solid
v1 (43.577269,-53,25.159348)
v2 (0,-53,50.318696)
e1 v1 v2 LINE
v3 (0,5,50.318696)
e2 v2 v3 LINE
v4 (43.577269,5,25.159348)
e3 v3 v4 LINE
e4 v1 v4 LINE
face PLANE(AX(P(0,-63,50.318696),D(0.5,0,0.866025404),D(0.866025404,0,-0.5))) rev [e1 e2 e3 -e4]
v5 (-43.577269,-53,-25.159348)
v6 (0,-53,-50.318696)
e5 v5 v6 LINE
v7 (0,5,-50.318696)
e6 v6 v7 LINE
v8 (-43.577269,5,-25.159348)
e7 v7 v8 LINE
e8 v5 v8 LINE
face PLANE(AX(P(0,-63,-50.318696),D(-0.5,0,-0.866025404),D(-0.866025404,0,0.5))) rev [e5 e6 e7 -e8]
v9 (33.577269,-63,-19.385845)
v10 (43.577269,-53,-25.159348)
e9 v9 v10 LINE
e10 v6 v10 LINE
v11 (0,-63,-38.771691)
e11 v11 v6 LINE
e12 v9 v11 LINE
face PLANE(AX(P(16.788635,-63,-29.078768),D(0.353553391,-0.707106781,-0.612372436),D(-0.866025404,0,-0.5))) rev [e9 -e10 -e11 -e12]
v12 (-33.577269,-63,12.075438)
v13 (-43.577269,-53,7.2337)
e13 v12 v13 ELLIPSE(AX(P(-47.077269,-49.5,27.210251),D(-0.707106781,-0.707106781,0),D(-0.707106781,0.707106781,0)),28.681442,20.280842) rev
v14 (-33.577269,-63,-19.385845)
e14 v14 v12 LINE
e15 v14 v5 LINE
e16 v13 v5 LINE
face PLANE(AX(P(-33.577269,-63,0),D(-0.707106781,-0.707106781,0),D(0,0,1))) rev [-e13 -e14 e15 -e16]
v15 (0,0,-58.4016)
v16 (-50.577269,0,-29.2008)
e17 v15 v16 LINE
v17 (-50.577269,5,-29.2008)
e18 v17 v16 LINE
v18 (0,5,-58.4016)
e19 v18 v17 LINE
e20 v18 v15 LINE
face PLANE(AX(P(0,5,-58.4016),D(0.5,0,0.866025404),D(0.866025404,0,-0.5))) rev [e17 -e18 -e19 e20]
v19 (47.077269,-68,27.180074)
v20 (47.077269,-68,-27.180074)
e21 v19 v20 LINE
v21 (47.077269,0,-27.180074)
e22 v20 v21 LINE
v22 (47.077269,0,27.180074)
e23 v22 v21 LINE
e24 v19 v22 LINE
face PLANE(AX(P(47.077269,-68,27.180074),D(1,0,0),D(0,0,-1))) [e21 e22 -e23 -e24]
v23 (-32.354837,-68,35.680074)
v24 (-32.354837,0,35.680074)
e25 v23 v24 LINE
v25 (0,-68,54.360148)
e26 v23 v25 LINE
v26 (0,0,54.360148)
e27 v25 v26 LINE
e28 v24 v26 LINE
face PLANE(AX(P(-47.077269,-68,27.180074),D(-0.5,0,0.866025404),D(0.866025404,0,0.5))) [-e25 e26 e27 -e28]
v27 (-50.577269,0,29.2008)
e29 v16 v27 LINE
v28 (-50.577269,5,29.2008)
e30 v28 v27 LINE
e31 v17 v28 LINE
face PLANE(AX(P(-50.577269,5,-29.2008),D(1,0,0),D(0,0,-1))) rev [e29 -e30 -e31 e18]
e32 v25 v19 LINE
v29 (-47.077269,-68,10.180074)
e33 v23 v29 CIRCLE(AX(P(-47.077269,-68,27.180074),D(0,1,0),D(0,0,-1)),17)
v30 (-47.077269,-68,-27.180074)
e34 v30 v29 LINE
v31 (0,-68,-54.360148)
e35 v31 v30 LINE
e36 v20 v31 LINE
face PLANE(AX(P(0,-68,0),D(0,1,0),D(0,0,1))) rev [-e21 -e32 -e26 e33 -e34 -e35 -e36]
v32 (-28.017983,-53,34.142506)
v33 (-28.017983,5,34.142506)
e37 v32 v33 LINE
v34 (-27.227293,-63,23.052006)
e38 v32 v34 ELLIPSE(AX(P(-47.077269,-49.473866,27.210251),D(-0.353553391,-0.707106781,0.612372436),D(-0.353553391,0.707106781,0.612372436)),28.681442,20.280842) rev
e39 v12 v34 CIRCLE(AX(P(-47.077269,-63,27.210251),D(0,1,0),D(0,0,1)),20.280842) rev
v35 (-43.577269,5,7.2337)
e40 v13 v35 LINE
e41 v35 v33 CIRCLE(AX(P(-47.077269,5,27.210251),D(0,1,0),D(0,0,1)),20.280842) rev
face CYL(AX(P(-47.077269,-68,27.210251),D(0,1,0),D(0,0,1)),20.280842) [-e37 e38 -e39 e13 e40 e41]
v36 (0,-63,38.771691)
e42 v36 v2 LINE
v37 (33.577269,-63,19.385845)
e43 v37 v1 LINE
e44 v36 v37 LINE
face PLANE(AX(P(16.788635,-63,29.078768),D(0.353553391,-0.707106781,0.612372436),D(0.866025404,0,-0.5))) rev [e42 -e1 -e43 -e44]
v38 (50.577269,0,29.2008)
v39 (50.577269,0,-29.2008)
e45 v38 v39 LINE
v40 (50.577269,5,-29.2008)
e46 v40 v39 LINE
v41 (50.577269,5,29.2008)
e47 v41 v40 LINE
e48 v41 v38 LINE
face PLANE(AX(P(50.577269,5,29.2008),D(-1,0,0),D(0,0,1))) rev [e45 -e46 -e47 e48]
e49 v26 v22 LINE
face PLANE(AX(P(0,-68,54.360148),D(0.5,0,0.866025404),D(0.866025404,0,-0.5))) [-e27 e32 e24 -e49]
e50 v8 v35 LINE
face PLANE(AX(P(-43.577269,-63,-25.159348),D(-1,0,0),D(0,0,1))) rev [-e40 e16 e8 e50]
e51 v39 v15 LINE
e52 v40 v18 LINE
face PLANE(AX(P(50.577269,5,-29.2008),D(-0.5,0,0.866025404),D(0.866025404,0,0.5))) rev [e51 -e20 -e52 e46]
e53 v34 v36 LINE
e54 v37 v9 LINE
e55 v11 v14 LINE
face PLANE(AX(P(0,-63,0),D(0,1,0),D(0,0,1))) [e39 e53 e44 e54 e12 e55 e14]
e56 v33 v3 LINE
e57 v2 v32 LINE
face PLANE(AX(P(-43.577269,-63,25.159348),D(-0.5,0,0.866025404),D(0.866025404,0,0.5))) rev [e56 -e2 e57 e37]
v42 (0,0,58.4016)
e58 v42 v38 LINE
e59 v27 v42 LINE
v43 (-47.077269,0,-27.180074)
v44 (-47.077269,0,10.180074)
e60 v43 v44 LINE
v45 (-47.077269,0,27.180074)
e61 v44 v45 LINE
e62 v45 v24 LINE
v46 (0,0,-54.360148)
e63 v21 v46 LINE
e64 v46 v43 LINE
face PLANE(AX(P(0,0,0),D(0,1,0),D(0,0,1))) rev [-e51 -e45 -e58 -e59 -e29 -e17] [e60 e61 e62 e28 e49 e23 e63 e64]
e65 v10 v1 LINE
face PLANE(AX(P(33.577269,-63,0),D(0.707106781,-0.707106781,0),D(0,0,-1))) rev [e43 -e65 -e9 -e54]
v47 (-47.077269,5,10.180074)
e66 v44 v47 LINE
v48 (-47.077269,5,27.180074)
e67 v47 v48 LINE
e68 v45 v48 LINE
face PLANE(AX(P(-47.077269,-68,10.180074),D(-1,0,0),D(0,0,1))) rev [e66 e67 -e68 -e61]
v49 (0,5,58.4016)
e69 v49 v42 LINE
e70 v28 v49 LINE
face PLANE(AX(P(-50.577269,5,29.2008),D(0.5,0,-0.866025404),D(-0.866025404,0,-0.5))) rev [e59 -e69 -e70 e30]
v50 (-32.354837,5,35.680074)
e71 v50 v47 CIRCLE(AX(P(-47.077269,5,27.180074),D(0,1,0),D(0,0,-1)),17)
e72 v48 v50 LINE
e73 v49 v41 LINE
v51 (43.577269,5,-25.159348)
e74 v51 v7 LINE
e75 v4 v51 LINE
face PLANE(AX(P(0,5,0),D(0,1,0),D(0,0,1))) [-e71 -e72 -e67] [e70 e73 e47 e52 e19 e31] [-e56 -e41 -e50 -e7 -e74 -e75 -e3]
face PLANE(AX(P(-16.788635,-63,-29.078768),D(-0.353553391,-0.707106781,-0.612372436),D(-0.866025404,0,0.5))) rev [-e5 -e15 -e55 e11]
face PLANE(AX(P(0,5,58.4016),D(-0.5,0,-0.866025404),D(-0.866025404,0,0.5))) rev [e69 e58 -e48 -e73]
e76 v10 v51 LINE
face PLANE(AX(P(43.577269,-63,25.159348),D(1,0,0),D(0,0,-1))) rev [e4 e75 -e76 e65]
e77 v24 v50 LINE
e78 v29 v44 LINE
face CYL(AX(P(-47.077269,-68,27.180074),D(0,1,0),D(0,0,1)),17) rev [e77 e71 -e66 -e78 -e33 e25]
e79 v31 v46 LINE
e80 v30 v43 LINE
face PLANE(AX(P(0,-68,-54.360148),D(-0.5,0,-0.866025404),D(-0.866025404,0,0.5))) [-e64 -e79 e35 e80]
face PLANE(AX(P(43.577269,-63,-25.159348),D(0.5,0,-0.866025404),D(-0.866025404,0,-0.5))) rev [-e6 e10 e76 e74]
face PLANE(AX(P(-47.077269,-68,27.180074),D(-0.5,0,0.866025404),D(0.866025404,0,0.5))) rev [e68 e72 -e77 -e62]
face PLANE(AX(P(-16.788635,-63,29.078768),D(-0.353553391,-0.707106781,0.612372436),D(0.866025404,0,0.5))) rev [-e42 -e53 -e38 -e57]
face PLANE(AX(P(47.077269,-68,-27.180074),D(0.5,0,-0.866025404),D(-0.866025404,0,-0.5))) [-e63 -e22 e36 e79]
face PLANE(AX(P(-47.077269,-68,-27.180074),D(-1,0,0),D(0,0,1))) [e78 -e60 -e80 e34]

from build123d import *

# Parameters (mm, degrees)
BOSS_EXTRUDE1_DEPTH = 5
BOSS_EXTRUDE2_DEPTH = 73
CUT_EXTRUDE1_DEPTH  = 68
BOSS_EXTRUDE3_DEPTH = 73
CUT_EXTRUDE3_DEPTH  = 73
CHAMFER1_SIZE       = 10


with BuildPart() as part:
    # Sketch3 → Boss-Extrude1 (new body)
    with BuildSketch(Plane(origin=(0, 0, 0), x_dir=(1, 0, 0), z_dir=(0, 1, 0))):
        Polygon((50.577269222, -29.2008), (50.577269222, 29.2008), (0, 58.4016), (-50.577269222, 29.2008), (-50.577269222, -29.2008), (0, -58.4016), align=None)
        Polygon((43.577269222, -25.159348116), (43.577269222, 25.159348116), (0, 50.318696231), (-43.577269222, 25.159348116), (-43.577269222, -25.159348116), (0, -50.318696231), align=None, mode=Mode.SUBTRACT)
    extrude(amount=BOSS_EXTRUDE1_DEPTH)

    # Sketch4 → Boss-Extrude2 (add)
    with BuildSketch(Plane(origin=(0, 5, 0), x_dir=(1, 0, 0), z_dir=(0, 1, 0))):
        Polygon((47.077269222, -27.180074058), (47.077269222, 27.180074058), (0, 54.360148116), (-47.077269222, 27.180074058), (-47.077269222, -27.180074058), (0, -54.360148116), align=None)
    extrude(amount=-BOSS_EXTRUDE2_DEPTH)

    # Sketch5 → Cut-Extrude1 (cut)
    with BuildSketch(Plane(origin=(0, 5, 0), x_dir=(1, 0, 0), z_dir=(0, 1, 0))):
        Polygon((43.577269222, -25.159348116), (43.577269222, 25.159348116), (0, 50.318696231), (-43.577269222, 25.159348116), (-43.577269222, -25.159348116), (0, -50.318696231), align=None)
    extrude(amount=-CUT_EXTRUDE1_DEPTH, mode=Mode.SUBTRACT)

    # Sketch6 → Boss-Extrude3 (add)
    with BuildSketch(Plane(origin=(0, 5, 0), x_dir=(1, 0, 0), z_dir=(0, 1, 0))):
        with BuildLine():
            ThreePointArc((-28.017982948, -34.142506234), (-29.520182072, -17.058341723), (-43.577269222, -7.233700248))
            Line((-43.577269222, -7.233700248), (-43.577269222, -25.159348116))
            Line((-43.577269222, -25.159348116), (-28.017982948, -34.142506234))
        make_face()
    extrude(amount=-BOSS_EXTRUDE3_DEPTH)

    # Sketch9 → Cut-Extrude3 (cut)
    with BuildSketch(Plane(origin=(0, 5, 0), x_dir=(1, 0, 0), z_dir=(0, 1, 0))):
        with BuildLine():
            Line((-47.077269222, -10.180074058), (-47.077269222, -27.180074058))
            Line((-47.077269222, -27.180074058), (-32.354837357, -35.680074058))
            ThreePointArc((-32.354837357, -35.680074058), (-32.354837357, -18.680074058), (-47.077269222, -10.180074058))
        make_face()
    extrude(amount=-CUT_EXTRUDE3_DEPTH, mode=Mode.SUBTRACT)

    # Chamfer1
    chamfer1_edges = [part.edges().sort_by_distance(p)[0] for p in [
        (21.788634611, -63, 37.739022174),
        (-43.577269222, -63, -8.962823934),
        (-21.788634611, -63, -37.739022174),
        (21.788634611, -63, -37.739022174),
        (43.577269222, -63, 0),
        (-14.008991474, -63, 42.230601233),
    ]]
    chamfer(chamfer1_edges, length=CHAMFER1_SIZE)


solid = part.part
